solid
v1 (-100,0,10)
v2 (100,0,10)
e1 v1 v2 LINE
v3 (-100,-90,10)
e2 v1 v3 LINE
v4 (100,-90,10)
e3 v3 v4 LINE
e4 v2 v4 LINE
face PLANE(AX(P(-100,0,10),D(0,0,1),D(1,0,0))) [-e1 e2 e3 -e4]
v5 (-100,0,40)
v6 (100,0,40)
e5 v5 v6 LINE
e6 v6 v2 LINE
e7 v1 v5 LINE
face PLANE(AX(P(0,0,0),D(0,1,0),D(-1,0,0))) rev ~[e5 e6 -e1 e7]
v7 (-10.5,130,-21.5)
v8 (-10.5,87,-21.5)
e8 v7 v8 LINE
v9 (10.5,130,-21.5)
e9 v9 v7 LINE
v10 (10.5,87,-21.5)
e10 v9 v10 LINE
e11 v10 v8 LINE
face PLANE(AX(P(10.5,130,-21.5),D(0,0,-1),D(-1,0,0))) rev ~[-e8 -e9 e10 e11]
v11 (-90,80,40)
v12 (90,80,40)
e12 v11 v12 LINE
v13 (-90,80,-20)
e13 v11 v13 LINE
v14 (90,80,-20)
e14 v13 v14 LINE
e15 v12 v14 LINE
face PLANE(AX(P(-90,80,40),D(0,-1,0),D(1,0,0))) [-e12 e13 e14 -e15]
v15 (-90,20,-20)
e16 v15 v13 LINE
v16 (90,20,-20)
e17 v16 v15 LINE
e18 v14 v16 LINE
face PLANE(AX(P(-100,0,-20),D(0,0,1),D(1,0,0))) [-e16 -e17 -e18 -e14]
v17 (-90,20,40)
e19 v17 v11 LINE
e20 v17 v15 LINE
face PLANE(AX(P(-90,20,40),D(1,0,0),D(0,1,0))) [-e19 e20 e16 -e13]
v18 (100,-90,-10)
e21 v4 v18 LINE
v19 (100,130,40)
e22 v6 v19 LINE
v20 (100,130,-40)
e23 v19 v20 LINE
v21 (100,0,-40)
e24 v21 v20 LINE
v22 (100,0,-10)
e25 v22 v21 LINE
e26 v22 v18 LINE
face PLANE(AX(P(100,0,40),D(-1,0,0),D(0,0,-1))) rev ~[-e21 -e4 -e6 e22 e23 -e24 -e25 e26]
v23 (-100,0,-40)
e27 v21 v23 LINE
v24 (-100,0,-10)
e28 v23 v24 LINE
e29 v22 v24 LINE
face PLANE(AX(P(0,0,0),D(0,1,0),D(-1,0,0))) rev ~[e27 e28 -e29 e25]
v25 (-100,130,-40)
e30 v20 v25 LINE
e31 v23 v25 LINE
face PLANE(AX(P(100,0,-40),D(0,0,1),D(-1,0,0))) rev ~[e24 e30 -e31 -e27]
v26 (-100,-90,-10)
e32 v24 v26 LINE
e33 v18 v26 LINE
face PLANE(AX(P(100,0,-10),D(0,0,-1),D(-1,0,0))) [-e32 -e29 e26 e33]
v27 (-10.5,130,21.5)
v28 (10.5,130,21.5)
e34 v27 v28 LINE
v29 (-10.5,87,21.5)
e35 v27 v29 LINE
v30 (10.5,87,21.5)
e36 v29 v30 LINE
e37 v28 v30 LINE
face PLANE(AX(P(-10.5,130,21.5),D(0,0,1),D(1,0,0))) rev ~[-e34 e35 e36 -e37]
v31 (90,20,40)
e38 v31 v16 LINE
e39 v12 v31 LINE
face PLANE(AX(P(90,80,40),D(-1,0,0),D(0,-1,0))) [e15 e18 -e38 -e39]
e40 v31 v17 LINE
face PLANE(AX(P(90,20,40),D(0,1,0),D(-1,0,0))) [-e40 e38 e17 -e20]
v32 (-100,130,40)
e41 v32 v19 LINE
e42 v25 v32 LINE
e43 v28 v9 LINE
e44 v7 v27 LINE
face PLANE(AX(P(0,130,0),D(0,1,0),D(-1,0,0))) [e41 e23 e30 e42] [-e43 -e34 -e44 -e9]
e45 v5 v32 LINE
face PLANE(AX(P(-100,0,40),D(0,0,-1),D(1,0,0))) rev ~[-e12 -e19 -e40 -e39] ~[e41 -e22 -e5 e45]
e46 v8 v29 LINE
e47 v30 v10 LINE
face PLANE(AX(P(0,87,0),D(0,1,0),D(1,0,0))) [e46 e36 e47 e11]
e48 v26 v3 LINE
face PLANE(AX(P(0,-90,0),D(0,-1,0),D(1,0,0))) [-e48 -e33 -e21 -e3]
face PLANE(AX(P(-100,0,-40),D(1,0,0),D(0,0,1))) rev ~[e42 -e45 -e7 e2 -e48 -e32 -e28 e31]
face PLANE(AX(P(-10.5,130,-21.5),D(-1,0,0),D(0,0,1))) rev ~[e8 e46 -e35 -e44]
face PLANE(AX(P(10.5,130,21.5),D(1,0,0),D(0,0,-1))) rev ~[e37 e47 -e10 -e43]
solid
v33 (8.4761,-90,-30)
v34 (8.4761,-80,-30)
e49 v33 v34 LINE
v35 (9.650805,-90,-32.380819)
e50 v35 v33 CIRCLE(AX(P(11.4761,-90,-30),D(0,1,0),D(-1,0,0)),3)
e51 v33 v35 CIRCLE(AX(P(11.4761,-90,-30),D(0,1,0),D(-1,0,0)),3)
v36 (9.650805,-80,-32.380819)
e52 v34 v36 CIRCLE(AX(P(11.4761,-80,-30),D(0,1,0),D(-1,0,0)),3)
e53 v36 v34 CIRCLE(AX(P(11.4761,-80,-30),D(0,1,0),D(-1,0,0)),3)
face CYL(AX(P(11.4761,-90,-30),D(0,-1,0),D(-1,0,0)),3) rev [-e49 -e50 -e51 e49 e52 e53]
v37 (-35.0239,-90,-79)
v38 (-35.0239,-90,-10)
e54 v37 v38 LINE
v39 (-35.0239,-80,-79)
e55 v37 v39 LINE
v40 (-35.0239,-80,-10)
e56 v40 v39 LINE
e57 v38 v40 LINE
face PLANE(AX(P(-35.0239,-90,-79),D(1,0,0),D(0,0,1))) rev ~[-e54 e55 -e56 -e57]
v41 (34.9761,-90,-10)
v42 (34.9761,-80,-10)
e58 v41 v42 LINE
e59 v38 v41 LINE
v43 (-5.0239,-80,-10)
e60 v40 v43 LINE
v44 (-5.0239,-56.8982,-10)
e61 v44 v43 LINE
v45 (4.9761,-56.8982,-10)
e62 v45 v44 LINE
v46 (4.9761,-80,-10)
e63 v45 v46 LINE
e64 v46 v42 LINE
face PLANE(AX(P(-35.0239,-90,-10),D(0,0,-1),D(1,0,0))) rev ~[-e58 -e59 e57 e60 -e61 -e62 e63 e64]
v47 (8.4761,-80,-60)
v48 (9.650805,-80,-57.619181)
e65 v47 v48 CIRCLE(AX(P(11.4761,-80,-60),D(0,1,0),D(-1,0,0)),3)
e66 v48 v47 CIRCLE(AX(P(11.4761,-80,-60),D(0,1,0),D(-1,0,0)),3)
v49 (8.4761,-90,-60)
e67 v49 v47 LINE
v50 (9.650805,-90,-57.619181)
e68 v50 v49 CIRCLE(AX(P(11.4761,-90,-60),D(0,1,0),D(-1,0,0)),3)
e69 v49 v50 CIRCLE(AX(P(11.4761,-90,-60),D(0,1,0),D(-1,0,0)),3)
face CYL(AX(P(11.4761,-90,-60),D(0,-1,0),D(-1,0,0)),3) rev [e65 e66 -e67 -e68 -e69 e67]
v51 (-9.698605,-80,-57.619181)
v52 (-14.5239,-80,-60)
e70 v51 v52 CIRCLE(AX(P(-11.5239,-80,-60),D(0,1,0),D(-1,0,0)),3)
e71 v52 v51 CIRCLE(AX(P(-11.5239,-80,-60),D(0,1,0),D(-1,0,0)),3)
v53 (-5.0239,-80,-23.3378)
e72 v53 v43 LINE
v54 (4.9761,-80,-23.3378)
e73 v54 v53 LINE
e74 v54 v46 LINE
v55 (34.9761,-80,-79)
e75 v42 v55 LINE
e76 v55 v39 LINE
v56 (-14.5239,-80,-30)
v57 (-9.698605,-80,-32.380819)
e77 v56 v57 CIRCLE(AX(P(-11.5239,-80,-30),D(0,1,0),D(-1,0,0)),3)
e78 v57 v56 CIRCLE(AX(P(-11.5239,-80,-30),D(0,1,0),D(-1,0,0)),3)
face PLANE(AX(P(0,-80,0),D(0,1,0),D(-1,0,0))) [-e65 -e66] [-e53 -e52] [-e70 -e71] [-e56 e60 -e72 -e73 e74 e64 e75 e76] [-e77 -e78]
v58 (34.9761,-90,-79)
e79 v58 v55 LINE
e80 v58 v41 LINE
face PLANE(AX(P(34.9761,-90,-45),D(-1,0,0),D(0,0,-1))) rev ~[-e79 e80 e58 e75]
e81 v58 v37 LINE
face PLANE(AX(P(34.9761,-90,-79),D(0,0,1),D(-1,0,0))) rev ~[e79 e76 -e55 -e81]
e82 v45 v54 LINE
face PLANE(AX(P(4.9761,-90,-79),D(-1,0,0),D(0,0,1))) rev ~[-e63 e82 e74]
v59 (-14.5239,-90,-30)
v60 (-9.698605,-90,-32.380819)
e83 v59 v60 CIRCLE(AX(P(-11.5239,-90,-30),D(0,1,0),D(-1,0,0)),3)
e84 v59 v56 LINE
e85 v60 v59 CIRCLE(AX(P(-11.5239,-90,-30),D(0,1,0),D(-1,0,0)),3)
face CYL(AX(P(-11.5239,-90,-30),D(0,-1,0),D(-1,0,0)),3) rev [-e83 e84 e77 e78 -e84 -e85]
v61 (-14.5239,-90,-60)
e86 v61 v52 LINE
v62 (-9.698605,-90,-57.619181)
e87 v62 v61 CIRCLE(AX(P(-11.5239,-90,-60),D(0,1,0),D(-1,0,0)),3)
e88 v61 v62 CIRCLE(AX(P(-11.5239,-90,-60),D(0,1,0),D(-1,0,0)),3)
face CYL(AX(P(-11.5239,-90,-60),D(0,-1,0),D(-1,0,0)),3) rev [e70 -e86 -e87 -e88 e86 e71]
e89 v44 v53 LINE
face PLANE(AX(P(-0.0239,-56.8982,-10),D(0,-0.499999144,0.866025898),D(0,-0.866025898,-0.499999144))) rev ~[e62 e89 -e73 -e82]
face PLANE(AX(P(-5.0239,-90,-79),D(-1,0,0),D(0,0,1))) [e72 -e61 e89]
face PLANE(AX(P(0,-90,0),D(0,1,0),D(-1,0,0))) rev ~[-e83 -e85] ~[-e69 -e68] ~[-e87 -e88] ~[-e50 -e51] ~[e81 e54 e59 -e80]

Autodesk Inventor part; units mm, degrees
ref_plane "YZ Plane" through (0, 0, 0) normal (1, 0, 0) x (0, 1, 0)
sketch "Boceto1" plane through (0, 0, 0) normal (0, 1, 0) x (-1, 0, 0)
  line L0 (100, 40) -> (-100, 40)
  line L1 (-100, 40) -> (-100, -40)
  line L2 (-100, -40) -> (100, -40)
  line L3 (100, -40) -> (100, 40)
  line L4 (100, 40) -> (-100, -40) construction
  line L5 (-100, 40) -> (100, -40) construction
  point P0 (0, 0)
  dimension "d0" = 200
  dimension "d1" = 80
extrude "Extrusión1" add sketch "Boceto1" along normal blind 130
sketch "Boceto2" plane through (-100, 0, 40) normal (0, 0, 1) x (1, 0, 0)
  line L0 (10, 80) -> (190, 80)
  line L1 (190, 80) -> (190, 20)
  line L2 (190, 20) -> (10, 20)
  line L3 (10, 20) -> (10, 80)
  line L4 (10, 80) -> (190, 20) construction
  line L5 (190, 80) -> (10, 20) construction
  line L6 (0, 0) -> (200, 0) projected
  line L7 (0, 0) -> (0, 130) projected
  point P0 (100, 0)
  point P1 (100, 50)
  dimension "d4" = 180
  dimension "d5" = 60
  dimension "d6" = 20
  dimension "d52" = 10
extrude "Extrusión2" cut sketch "Boceto2" against normal blind 60
sketch "Boceto3" plane through (0, 130, 0) normal (0, 1, 0) x (1, 0, 0)
  line L0 (-10.5, -21.5) -> (10.5, -21.5)
  line L1 (10.5, -21.5) -> (10.5, 21.5)
  line L2 (10.5, 21.5) -> (-10.5, 21.5)
  line L3 (-10.5, 21.5) -> (-10.5, -21.5)
  line L4 (-10.5, -21.5) -> (10.5, 21.5) construction
  line L5 (10.5, -21.5) -> (-10.5, 21.5) construction
  line L6 (100, -40) -> (100, 40) projected
  point P0 (0, 0)
  point P1 (0, 0)
  dimension "d9" = 21
  dimension "d10" = 43
  dimension "d53" = 89.5
extrude "Extrusión3" cut sketch "Boceto3" against normal blind 43
sketch "Boceto4" plane through (0, 0, 0) normal (0, -1, 0) x (1, 0, 0)
  line L0 (100, 40) -> (100, -40) projected
  line L1 (-100, 10) -> (100, 10)
  line L2 (100, 10) -> (100, -10)
  line L3 (100, -10) -> (-100, -10)
  line L4 (-100, -10) -> (-100, 10)
  line L5 (-100, 10) -> (100, -10) construction
  line L6 (100, 10) -> (-100, -10) construction
  point P0 (0, 0)
  dimension "d13" = 20
extrude "Extrusión4" add sketch "Boceto4" along normal blind 90
ref_plane "Plano de trabajo1" through (0, -90, 0) normal (0, 1, 0) x (-1, 0, 0)
sketch "Boceto7" plane through (0, -90, 0) normal (0, 1, 0) x (-1, 0, 0)
  circle A0 centre (11.5239, -60) radius 3
  circle A1 centre (-11.4761, -60) radius 3
  line L0 (105, 10) -> (-105, 10)
  line L1 (105.0239, -10) -> (-104.9761, -10)
  line L2 (105.0239, -10) -> (-104.9761, -10)
  circle A2 centre (11.5239, -30) radius 3
  circle A3 centre (-11.4761, -30) radius 3
  line L3 (11.5239, -60) -> (-11.4761, -30)
  line L4 (11.5239, -30) -> (-11.4761, -60)
  line L5 (105, 10) -> (-105, 10)
  line L6 (-105, 10) -> (-95.8154, 10)
  line L7 (0.0239, -45) -> (-34.9761, -45)
  line L8 (0.0239, -45) -> (35.0239, -45)
  line L9 (35.0239, -45) -> (35.0239, -10)
  line L10 (-100, -10) -> (100, -10)
  line L11 (35.0239, -10) -> (-34.9761, -10)
  line L12 (-34.9761, -10) -> (-34.9761, -79)
  line L13 (-34.9761, -79) -> (35.0239, -79)
  line L14 (35.0239, -79) -> (35.0239, -10)
  line L15 (-100, -10) -> (100, -10) projected
  line L16 (-40.6213, -10) -> (-84.6707, -10)
  point P0 (0, 0)
  point P1 (0, 0)
  point P2 (0.0478, -10)
  dimension "d28" = 20
  dimension "d29" = 20
  dimension "d30" = 30
  dimension "d31" = 30
  dimension "d32" = 20
  dimension "d33" = 35
  dimension "d34" = 35
  dimension "d35" = 69
extrude "Extrusión6" add sketch "Boceto7" along normal blind 10 separate body
ref_plane "Plano de trabajo3" through (-0.0239, -90, -79) normal (-1, 0, 0) x (0, 0, 1)
sketch "Boceto10" plane through (-0.0239, -90, -79) normal (-1, 0, 0) x (0, 0, 1)
  line L0 (57.1622, 10) -> (81.4718, 10) construction
  line L1 (69, 33.1018) -> (55.6622, 10)
  line L2 (69, 33.1018) -> (69, 10)
  line L3 (69, 90) -> (69, 0) projected
  line L4 (0, 10) -> (69, 10) projected
  line L5 (69, 10) -> (55.6622, 10)
  point P0 (79, 90)
  dimension "d45" = 1.5
extrude "Extrusión7" add sketch "Boceto10" along normal mid plane 10 bodies 2
properties part number "front_support"
